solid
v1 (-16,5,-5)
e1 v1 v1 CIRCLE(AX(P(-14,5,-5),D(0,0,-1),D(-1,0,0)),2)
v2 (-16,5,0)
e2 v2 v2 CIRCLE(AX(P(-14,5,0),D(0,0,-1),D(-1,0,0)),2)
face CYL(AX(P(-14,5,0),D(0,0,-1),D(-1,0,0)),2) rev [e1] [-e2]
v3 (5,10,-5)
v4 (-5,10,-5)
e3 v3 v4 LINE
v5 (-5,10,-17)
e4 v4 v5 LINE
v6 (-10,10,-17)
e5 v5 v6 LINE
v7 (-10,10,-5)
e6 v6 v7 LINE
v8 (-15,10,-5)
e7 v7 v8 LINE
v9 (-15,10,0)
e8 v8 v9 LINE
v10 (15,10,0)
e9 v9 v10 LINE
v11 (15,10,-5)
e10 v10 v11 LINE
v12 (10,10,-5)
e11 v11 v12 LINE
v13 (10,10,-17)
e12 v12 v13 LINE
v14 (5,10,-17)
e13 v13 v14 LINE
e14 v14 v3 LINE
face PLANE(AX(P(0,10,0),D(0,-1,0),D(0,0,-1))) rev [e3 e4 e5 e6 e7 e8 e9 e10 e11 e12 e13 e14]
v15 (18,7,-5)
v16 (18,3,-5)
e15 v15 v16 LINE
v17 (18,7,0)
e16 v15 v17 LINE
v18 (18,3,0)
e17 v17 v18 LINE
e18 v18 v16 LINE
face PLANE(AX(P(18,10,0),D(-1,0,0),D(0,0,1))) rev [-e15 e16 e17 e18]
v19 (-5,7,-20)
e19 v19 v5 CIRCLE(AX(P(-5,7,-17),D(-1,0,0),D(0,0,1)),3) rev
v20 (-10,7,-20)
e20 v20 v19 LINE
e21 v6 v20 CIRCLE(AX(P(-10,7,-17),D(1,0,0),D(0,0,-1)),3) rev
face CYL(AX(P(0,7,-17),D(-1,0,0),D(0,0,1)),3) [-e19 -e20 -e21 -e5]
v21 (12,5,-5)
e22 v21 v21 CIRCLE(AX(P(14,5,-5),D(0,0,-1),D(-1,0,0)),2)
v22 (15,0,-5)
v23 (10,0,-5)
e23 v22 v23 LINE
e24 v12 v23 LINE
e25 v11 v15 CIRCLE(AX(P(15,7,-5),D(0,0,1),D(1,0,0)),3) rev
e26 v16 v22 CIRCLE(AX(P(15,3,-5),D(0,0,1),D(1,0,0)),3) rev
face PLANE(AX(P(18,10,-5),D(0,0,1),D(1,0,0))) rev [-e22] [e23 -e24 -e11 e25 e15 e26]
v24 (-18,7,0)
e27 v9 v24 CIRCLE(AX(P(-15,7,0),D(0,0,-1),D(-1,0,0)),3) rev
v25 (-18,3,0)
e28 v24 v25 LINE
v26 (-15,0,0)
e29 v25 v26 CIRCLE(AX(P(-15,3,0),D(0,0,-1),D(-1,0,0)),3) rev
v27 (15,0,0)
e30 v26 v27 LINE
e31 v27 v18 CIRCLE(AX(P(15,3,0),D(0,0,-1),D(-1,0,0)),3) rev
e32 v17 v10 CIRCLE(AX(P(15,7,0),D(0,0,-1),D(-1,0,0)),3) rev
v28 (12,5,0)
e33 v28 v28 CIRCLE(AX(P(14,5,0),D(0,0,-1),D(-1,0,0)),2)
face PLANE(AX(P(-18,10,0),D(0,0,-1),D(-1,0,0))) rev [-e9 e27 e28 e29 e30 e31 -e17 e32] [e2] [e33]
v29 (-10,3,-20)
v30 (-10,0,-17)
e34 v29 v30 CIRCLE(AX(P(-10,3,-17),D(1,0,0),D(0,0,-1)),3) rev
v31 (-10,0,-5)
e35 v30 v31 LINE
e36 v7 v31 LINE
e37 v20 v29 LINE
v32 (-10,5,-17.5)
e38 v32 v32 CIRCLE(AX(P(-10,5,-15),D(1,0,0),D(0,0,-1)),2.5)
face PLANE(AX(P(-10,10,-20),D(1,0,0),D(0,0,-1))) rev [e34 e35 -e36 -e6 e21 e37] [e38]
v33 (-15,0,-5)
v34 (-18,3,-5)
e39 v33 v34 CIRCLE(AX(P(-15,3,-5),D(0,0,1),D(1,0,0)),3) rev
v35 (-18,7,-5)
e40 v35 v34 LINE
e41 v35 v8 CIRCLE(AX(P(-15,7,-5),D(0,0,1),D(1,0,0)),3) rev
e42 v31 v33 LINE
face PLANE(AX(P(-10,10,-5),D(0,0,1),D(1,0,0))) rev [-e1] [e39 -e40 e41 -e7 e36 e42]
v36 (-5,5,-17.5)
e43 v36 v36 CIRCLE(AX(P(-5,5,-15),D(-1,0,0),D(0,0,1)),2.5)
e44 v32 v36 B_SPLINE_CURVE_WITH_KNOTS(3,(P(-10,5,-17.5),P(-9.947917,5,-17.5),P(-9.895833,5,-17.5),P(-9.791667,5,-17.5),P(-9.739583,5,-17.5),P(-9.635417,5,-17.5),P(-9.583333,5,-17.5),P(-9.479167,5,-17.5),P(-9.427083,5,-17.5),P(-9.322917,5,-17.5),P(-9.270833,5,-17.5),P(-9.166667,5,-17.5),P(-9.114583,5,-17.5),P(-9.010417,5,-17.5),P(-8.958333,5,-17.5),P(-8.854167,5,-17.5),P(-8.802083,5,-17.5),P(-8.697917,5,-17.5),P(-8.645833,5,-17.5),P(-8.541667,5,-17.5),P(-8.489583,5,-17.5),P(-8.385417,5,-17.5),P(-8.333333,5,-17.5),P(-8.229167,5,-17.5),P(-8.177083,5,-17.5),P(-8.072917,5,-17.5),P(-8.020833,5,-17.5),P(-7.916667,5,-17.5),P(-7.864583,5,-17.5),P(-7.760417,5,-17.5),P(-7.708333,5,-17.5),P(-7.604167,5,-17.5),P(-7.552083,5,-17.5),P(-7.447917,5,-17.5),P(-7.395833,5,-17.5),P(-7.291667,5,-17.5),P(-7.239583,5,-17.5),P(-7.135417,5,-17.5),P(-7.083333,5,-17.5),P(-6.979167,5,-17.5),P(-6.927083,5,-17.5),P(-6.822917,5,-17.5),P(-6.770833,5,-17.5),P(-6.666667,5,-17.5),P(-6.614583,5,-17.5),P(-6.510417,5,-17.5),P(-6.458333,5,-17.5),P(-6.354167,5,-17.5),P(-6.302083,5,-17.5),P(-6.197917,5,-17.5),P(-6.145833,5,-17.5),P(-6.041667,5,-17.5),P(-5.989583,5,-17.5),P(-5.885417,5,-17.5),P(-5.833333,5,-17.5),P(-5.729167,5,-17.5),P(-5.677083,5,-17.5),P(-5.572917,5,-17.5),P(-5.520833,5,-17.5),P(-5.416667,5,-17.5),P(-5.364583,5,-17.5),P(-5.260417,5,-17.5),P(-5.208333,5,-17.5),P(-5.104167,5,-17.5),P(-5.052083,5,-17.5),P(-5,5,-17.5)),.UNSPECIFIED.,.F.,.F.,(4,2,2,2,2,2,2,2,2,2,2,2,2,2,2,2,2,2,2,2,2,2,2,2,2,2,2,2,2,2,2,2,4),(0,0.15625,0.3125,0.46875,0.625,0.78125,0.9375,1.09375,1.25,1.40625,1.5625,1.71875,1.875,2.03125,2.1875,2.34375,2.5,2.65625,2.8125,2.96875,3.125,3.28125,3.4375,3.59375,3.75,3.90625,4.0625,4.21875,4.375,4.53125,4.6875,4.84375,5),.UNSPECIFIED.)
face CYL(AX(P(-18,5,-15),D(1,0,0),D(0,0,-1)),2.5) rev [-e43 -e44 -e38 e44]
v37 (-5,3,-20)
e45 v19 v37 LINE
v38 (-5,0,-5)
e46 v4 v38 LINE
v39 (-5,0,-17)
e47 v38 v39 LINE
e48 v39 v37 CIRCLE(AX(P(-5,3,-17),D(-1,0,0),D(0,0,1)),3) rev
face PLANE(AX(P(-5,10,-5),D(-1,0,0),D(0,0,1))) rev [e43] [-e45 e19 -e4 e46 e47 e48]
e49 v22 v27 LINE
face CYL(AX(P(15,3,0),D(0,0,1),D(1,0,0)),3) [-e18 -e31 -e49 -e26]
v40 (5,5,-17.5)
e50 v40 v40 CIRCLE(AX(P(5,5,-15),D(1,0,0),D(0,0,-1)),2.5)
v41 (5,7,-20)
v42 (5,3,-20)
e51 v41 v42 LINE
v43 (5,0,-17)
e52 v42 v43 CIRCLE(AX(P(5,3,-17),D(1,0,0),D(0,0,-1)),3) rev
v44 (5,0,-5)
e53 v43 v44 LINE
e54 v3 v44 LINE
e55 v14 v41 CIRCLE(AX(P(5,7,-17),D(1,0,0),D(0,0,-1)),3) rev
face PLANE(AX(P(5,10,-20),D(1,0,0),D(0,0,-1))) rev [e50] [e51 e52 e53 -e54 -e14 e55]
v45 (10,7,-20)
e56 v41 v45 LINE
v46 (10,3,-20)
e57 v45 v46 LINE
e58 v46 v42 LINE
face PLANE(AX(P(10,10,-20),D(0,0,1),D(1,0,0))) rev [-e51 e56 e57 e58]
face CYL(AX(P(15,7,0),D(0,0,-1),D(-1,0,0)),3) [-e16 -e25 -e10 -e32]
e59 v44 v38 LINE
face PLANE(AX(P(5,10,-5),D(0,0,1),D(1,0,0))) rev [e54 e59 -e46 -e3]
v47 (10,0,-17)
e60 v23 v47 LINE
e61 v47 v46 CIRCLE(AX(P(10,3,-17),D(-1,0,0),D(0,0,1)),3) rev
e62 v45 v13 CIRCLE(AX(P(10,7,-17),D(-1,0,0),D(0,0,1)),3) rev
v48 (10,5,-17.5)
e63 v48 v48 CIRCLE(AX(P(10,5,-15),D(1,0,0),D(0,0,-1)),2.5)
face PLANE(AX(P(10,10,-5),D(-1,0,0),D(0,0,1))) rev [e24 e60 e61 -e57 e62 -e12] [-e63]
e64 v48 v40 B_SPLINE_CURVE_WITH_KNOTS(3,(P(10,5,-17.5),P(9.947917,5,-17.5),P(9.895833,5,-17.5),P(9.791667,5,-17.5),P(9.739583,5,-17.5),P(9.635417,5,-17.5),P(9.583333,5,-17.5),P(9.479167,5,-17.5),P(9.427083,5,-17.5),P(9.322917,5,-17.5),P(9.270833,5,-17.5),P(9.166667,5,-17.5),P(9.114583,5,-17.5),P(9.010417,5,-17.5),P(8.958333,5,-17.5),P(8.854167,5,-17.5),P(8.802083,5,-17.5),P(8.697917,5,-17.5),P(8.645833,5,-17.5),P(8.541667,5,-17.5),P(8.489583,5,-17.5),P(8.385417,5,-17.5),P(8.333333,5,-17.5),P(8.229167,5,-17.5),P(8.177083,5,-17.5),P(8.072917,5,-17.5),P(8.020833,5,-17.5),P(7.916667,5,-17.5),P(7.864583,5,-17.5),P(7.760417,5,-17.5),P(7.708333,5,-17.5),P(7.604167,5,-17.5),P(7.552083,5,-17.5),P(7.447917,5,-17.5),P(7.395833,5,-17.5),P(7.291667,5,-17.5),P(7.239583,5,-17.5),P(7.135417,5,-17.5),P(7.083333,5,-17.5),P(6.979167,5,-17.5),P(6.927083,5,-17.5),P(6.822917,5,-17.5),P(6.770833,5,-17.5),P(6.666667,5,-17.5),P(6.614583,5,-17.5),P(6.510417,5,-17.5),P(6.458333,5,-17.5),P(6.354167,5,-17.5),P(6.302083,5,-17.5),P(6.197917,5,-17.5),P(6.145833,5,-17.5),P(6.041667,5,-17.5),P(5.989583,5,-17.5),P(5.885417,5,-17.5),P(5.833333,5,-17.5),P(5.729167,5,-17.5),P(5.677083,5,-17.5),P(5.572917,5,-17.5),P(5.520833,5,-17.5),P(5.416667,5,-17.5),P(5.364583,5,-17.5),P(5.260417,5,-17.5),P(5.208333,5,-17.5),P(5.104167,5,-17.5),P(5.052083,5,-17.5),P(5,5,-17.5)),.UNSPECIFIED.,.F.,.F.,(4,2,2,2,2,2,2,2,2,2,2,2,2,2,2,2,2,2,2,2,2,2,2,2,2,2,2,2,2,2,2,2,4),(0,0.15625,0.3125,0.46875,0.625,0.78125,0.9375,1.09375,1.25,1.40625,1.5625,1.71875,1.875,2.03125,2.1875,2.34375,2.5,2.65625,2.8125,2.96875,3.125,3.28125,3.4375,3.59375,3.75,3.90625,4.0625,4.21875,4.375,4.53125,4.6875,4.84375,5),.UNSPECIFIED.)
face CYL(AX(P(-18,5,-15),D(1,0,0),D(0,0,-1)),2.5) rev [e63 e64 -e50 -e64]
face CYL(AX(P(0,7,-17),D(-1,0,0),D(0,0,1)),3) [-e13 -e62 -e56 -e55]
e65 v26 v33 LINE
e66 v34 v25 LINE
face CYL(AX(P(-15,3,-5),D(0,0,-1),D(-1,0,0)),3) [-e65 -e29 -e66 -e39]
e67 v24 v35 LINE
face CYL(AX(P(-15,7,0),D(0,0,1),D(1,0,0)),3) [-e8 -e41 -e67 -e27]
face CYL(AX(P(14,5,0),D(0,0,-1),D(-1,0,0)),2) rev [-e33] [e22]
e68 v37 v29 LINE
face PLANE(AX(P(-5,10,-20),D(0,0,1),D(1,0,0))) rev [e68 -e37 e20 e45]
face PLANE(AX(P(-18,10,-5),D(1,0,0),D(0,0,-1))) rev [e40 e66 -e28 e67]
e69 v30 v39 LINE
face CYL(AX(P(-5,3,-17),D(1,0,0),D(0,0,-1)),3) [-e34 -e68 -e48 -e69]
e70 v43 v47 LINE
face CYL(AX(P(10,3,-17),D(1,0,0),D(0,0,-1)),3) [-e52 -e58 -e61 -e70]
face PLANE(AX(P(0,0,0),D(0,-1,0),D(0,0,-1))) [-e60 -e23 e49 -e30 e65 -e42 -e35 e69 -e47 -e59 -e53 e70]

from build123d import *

# Parameters (mm, degrees)
BOSS_EXTRUDE1_DEPTH = 10
SKETCH2_R           = 2.5
CUT_EXTRUDE1_DEPTH  = 36.832945734
FILLET1_R           = 3
SKETCH3_R           = 2
CUT_EXTRUDE2_DEPTH  = 26.475478406


with BuildPart() as part:
    # Sketch1 → Boss-Extrude1 (new body)
    with BuildSketch(Plane(origin=(0, 0, 0), x_dir=(1, 0, 0), z_dir=(0, 1, 0))):
        Polygon((-18, 0), (18, 0), (18, 5), (10, 5), (10, 20), (5, 20), (5, 5), (-5, 5), (-5, 20), (-10, 20), (-10, 5), (-18, 5), align=None)
    extrude(amount=BOSS_EXTRUDE1_DEPTH)

    # Sketch2 → Cut-Extrude1 (cut, through all)
    with BuildSketch(Plane(origin=(10, 0, 0), x_dir=(0, 0, -1), z_dir=(1, 0, 0))):
        with Locations((15, 5)):
            Circle(SKETCH2_R)
    extrude(amount=-CUT_EXTRUDE1_DEPTH, mode=Mode.SUBTRACT)

    # Fillet1
    fillet1_edges = [part.edges().sort_by_distance(p)[0] for p in [
        (18, 0, -2.5),
        (7.5, 10, -20),
        (-18, 0, -2.5),
        (-7.5, 0, -20),
        (7.5, 0, -20),
        (-7.5, 10, -20),
        (-18, 10, -2.5),
        (18, 10, -2.5),
    ]]
    fillet(fillet1_edges, radius=FILLET1_R)

    # Sketch3 → Cut-Extrude2 (cut, through all)
    with BuildSketch(Plane(origin=(0, 0, -5), x_dir=(-1, 0, 0), z_dir=(0, 0, -1))):
        with Locations((14, 5)):
            Circle(SKETCH3_R)
        with Locations((-14, 5)):
            Circle(SKETCH3_R)
    extrude(amount=-CUT_EXTRUDE2_DEPTH, mode=Mode.SUBTRACT)


solid = part.part
